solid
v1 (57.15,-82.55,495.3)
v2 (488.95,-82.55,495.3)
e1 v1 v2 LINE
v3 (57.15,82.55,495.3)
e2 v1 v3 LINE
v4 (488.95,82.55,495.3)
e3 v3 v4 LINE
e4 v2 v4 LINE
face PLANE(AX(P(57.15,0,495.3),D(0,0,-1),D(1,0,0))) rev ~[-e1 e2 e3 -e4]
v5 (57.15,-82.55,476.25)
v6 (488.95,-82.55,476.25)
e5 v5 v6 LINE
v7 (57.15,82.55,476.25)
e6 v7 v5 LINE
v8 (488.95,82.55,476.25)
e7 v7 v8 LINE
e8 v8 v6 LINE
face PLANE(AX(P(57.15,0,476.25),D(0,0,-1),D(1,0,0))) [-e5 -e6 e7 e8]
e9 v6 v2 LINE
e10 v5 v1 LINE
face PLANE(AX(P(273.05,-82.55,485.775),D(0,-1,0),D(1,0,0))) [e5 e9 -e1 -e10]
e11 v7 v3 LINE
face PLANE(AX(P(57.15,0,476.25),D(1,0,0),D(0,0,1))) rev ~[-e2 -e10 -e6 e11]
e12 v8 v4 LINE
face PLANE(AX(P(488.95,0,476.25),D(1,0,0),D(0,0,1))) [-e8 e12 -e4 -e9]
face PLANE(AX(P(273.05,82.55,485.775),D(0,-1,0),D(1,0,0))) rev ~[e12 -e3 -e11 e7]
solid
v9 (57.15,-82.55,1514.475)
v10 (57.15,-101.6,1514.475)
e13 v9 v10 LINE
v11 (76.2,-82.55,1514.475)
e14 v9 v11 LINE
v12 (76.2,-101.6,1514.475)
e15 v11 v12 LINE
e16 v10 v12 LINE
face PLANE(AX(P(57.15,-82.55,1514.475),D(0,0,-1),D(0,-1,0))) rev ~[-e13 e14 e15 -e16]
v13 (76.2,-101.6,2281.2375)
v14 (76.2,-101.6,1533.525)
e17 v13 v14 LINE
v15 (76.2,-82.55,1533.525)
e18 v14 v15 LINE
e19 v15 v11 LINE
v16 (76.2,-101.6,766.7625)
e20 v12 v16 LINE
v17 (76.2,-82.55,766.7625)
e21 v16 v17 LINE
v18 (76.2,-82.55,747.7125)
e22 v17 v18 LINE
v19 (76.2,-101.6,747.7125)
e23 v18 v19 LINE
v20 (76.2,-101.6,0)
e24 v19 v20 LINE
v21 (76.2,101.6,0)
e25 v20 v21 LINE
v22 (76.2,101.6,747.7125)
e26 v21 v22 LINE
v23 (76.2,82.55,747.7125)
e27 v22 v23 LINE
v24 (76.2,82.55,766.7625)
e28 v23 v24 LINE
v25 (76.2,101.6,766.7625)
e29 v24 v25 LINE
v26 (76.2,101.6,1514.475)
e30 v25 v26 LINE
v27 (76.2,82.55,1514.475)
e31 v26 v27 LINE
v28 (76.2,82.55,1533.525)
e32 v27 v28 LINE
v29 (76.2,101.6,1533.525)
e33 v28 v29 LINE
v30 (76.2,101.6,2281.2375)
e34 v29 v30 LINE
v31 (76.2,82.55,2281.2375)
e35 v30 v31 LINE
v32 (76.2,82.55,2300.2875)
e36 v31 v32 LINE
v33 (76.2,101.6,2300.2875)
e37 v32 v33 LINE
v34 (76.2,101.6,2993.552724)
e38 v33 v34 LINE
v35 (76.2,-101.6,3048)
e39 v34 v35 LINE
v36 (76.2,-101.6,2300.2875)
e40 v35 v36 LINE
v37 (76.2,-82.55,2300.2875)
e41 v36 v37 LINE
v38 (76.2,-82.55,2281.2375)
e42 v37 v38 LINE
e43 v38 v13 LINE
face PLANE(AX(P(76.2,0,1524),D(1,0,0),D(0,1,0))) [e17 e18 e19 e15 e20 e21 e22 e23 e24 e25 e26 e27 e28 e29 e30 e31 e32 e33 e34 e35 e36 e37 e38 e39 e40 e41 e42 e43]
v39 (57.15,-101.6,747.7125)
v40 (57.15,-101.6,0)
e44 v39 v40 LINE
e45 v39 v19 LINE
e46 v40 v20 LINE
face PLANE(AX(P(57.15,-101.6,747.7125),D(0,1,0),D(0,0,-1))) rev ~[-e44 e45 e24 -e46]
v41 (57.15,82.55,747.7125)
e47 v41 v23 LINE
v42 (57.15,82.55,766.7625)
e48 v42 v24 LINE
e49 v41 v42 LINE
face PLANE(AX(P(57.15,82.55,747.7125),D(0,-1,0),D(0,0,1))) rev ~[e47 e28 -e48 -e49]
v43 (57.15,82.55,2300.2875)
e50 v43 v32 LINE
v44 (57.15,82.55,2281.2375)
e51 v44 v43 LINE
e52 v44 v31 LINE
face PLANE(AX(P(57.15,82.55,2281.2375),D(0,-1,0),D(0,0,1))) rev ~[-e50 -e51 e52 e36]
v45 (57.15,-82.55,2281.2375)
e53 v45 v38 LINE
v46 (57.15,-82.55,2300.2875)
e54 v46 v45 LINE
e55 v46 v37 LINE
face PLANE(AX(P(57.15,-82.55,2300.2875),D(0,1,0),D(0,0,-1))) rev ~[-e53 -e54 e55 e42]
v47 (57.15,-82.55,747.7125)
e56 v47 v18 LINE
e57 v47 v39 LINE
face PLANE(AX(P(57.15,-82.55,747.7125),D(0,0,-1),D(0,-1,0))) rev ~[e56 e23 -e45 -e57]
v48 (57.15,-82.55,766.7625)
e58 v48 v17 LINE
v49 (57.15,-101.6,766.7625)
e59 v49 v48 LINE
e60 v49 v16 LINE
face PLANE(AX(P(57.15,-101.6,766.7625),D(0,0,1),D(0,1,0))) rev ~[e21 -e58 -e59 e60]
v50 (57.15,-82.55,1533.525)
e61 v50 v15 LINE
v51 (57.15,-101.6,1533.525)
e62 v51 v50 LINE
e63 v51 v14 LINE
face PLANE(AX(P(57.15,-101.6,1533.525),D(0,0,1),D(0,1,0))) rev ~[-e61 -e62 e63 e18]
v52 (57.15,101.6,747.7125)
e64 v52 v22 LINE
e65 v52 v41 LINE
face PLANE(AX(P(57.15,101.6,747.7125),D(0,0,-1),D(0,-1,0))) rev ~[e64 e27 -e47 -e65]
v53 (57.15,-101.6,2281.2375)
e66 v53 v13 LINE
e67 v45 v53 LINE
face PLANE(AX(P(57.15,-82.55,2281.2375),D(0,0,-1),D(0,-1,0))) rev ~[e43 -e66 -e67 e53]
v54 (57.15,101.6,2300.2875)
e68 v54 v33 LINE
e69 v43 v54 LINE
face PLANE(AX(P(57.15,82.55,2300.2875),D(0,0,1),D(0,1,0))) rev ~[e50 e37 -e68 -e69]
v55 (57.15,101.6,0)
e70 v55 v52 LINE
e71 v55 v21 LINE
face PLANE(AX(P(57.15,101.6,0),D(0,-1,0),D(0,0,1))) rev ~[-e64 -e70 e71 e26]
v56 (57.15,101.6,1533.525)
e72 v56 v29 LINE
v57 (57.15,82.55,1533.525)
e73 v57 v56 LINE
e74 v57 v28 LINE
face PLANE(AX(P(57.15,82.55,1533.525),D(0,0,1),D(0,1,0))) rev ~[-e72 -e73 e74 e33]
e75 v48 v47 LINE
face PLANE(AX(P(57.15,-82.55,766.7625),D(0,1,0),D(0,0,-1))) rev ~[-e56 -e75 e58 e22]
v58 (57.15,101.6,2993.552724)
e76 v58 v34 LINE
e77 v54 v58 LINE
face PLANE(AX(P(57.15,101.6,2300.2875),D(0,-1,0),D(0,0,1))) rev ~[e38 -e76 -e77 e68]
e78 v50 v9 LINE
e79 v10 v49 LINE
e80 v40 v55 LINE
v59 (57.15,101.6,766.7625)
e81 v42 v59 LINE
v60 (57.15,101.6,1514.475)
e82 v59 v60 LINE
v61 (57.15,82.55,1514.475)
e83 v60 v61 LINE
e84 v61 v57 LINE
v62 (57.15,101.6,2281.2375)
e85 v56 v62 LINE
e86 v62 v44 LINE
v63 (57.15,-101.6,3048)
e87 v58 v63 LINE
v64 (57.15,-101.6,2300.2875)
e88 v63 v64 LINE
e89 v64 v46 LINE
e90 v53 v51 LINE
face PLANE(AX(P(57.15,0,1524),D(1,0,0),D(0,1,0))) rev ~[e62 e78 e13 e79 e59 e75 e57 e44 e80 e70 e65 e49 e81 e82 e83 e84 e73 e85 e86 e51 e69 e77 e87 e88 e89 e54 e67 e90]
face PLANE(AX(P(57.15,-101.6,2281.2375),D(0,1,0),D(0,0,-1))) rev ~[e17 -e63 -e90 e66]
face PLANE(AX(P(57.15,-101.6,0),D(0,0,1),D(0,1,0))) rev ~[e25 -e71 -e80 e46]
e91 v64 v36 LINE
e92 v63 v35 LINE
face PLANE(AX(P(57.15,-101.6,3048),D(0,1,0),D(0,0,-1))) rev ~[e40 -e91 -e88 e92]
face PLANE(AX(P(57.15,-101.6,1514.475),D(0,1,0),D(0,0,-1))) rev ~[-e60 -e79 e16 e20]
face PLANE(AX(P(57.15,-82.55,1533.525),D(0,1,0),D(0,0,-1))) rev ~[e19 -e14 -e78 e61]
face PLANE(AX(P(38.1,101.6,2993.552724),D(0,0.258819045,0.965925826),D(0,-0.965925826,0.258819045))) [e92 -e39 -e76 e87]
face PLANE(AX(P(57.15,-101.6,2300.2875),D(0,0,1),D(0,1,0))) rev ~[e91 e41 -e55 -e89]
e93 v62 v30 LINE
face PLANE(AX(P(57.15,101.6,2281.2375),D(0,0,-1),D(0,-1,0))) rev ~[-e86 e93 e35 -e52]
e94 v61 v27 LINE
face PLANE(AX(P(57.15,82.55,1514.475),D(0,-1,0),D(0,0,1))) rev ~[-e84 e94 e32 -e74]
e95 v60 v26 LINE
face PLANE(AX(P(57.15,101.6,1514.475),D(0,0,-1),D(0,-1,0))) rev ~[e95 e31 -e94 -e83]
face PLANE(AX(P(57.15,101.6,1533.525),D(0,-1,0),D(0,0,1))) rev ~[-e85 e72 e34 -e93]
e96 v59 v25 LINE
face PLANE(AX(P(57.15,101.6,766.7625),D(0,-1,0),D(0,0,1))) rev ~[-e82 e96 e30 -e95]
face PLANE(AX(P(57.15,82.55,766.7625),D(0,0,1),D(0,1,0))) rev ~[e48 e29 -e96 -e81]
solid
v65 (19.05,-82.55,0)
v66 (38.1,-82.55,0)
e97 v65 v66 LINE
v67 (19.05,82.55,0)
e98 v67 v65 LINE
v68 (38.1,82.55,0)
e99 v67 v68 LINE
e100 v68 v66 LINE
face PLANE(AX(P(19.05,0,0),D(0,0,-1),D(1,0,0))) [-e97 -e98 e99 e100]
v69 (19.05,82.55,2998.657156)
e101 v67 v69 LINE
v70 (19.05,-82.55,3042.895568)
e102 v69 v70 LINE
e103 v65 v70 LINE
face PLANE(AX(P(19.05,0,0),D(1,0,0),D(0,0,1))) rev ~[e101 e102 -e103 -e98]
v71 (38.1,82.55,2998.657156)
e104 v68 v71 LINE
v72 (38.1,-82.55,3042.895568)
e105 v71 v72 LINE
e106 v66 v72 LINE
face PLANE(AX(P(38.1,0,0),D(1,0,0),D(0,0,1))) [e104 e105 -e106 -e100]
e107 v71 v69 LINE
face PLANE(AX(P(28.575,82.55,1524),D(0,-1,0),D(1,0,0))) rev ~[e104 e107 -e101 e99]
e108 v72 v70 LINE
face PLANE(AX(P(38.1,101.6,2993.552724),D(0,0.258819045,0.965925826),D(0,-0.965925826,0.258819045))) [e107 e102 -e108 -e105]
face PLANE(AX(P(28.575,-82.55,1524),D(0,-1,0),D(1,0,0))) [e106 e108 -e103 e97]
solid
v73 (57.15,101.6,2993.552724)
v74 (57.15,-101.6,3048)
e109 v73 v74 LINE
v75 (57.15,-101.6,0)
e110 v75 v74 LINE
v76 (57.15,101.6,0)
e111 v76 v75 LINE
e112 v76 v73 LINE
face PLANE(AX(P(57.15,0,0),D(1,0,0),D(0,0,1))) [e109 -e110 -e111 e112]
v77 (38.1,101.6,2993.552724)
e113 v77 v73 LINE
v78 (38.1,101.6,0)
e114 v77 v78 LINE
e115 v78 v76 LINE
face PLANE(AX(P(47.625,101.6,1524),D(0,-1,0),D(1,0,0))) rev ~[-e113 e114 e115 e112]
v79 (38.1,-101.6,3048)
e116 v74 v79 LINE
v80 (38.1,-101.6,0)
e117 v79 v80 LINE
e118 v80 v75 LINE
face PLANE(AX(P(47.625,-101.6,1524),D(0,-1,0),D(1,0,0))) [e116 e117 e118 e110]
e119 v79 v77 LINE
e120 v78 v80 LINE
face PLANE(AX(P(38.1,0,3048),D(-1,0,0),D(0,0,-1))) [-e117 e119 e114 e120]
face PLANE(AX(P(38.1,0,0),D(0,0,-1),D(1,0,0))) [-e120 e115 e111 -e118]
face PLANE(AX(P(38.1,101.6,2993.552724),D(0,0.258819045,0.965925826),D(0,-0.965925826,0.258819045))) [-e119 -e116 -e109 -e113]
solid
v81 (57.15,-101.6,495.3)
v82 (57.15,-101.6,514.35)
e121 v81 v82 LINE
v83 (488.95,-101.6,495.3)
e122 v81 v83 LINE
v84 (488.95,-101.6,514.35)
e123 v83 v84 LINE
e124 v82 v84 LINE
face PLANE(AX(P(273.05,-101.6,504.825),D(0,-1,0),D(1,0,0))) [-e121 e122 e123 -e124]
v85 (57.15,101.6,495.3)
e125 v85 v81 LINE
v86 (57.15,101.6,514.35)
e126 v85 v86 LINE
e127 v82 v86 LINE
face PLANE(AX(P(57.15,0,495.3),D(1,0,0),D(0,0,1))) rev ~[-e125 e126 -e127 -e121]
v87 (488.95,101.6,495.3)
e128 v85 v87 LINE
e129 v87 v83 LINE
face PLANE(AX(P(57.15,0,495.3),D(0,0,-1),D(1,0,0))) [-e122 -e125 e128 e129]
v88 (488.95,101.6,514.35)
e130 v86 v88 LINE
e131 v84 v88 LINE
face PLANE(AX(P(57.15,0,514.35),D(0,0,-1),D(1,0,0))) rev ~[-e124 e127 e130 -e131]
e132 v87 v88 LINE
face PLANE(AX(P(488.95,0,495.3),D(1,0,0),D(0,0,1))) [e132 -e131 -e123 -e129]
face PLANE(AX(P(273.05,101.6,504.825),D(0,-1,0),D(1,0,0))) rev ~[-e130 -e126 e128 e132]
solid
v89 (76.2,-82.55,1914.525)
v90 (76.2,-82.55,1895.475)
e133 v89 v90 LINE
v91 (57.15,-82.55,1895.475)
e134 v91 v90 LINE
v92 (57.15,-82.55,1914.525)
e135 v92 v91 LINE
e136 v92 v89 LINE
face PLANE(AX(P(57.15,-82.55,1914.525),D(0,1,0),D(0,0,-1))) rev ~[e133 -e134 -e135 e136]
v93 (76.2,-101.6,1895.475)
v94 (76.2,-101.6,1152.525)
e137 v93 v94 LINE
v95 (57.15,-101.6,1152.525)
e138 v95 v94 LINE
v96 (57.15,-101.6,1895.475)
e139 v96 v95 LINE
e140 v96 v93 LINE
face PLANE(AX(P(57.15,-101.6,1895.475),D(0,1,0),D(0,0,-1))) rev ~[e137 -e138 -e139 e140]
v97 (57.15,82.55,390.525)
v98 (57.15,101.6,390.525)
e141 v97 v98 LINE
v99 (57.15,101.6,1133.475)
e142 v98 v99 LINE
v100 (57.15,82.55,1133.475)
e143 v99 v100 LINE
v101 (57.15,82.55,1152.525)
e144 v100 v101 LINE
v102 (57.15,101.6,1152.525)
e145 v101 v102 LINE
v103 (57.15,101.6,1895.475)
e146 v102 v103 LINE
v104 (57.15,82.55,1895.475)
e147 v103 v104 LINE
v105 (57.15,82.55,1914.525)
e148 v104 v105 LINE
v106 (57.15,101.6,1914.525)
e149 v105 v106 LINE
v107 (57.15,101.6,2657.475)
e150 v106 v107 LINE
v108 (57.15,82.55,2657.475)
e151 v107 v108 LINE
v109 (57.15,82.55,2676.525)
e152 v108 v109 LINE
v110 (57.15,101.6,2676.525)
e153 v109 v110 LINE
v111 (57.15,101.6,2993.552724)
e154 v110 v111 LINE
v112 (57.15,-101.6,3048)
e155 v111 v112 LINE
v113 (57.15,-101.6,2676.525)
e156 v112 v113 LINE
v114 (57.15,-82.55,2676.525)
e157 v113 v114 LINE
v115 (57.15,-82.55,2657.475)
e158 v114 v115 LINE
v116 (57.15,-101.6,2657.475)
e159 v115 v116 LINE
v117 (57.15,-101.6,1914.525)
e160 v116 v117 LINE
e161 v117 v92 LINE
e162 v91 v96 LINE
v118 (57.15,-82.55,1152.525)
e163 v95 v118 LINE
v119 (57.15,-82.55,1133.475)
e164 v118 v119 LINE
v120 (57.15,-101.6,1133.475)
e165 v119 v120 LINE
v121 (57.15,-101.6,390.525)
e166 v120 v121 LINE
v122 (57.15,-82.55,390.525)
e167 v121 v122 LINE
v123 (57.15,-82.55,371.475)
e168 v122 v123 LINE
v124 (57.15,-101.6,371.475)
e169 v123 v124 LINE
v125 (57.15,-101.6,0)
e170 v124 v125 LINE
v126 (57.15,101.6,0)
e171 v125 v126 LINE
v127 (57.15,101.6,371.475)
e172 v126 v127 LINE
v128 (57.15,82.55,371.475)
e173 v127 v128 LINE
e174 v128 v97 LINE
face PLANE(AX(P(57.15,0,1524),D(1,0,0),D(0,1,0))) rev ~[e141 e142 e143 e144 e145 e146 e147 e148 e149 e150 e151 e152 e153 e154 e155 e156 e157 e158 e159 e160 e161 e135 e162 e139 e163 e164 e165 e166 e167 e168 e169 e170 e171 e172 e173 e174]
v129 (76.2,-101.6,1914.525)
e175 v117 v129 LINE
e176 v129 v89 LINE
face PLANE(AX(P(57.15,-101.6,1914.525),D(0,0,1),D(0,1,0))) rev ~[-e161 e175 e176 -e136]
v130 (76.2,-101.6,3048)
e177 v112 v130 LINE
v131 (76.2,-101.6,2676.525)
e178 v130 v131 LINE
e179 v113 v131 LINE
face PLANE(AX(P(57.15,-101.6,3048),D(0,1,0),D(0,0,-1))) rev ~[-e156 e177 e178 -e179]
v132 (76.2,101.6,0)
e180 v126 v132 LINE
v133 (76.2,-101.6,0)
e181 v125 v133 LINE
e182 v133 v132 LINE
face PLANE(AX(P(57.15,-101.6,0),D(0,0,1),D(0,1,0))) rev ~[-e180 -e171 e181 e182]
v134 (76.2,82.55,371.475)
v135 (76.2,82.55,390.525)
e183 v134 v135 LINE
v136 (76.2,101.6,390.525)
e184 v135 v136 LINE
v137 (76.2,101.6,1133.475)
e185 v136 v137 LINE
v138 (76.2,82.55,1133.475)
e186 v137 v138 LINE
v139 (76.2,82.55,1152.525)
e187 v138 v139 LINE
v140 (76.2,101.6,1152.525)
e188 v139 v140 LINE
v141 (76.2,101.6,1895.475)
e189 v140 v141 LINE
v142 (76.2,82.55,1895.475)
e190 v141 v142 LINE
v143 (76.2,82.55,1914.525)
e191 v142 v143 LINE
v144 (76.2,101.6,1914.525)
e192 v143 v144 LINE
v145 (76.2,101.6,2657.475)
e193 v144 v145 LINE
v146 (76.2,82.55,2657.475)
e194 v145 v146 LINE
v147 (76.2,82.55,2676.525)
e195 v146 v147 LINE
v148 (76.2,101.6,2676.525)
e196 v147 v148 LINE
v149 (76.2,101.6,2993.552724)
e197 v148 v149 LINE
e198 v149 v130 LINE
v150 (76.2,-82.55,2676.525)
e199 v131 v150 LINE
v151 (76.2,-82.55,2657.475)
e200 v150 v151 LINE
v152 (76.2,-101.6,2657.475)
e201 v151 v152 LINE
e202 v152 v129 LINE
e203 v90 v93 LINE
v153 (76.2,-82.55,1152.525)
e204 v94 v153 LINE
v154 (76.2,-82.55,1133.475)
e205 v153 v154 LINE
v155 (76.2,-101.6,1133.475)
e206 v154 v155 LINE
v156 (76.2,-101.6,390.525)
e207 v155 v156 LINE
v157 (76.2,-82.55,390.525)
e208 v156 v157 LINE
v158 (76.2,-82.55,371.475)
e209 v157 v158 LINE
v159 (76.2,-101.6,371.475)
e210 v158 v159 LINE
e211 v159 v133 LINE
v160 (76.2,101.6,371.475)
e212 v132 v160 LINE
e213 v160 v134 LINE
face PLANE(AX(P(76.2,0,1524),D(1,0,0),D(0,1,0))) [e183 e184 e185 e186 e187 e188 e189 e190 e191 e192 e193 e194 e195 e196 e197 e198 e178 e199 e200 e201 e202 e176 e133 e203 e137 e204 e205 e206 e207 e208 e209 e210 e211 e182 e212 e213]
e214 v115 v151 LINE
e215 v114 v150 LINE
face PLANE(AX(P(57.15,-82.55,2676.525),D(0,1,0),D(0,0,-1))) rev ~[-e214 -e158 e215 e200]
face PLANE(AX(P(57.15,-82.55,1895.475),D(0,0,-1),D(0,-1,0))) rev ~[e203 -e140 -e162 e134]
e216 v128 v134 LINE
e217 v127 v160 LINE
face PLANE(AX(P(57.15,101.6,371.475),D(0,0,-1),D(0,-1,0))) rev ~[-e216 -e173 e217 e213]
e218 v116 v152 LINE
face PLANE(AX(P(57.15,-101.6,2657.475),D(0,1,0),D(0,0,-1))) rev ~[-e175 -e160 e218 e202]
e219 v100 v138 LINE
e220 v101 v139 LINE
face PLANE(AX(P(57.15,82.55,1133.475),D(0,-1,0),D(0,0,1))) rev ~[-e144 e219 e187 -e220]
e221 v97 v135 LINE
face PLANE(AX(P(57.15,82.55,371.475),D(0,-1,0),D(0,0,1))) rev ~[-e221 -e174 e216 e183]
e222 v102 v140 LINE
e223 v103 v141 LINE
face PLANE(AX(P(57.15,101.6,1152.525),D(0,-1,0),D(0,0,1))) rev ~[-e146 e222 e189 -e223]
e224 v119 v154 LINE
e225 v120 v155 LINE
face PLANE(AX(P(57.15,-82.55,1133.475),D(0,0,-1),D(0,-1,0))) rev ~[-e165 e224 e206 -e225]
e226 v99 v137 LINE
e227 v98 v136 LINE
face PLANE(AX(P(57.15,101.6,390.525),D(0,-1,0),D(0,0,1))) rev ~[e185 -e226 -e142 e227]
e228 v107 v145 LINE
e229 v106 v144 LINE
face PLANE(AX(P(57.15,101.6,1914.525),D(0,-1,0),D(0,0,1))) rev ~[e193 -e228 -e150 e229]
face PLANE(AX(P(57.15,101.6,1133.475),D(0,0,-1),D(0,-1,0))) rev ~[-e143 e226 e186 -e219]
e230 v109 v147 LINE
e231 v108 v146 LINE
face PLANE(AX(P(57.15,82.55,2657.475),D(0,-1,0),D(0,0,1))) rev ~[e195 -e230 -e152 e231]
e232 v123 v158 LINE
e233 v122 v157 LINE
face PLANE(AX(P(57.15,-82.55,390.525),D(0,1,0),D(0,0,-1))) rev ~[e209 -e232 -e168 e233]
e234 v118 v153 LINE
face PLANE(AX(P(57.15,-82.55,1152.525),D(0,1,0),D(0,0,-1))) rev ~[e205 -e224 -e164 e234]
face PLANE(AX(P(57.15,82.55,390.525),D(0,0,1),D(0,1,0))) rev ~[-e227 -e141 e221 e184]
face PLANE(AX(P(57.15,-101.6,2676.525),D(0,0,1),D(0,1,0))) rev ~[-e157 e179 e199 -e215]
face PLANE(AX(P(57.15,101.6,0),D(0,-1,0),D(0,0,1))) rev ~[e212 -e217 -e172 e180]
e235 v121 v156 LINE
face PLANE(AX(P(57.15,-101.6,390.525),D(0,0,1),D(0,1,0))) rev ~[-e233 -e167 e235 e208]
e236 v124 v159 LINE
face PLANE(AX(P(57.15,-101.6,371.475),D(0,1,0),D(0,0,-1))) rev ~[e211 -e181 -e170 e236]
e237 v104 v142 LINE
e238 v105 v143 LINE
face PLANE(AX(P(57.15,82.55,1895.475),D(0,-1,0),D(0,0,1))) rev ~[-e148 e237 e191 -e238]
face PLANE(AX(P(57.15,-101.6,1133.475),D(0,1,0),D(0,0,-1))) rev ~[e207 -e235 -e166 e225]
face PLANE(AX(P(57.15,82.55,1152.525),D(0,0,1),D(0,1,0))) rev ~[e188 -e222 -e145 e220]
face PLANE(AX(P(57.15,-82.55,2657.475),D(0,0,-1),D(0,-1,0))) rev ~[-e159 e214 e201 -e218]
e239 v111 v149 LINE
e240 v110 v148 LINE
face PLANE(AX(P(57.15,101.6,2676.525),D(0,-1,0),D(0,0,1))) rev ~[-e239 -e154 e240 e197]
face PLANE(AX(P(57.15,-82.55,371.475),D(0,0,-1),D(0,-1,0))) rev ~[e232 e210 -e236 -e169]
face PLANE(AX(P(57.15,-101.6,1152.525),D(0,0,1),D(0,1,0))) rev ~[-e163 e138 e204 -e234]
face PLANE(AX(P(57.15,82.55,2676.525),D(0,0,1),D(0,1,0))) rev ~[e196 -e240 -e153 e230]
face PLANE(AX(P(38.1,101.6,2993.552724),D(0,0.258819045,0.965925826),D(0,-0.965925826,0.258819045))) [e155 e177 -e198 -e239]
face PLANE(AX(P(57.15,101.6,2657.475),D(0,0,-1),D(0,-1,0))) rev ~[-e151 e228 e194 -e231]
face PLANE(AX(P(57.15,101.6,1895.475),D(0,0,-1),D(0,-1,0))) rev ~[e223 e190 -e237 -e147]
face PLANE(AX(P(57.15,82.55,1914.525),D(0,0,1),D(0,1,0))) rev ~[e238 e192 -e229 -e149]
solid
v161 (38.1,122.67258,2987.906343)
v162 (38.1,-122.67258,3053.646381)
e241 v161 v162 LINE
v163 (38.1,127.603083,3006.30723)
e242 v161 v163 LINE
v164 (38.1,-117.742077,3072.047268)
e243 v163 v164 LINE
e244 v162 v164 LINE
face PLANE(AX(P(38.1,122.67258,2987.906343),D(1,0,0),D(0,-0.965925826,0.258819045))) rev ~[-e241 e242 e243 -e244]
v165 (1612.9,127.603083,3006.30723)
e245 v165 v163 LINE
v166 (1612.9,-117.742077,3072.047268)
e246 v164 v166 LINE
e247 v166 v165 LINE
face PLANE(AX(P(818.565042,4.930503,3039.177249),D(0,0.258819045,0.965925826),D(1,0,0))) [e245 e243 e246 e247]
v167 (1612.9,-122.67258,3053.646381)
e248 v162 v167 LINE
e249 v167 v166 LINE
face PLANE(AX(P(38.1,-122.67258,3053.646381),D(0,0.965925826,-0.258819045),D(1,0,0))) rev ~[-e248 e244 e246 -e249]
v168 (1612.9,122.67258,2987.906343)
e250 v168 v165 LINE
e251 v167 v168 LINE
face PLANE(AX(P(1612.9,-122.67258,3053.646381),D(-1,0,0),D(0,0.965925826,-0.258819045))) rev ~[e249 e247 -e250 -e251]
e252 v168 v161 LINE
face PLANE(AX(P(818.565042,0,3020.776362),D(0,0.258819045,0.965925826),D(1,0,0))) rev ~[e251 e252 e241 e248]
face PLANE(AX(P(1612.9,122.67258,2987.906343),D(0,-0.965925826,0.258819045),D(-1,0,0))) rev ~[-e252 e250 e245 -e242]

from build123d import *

# Parameters (mm, degrees)
F1_W           = 431.8
F1_H           = 19.05
F2_DEPTH       = 101.6
F1_W_2         = 19.05
F1_H_2         = 3048
F3_DEPTH       = 82.55
F4_DEPTH       = 101.6
F6_DEPTH       = 19.05
F8_DEPTH       = 19.05
F10_DEPTH      = 450.851
F10_DEPTH_BACK = 19.051
F12_DEPTH      = 19.05


with BuildPart() as f2:
    # F1 (on Front) → F2 (new body, symmetric)
    with BuildSketch(Plane.XZ):
        with Locations((273.05, 504.825)):
            Rectangle(F1_W, F1_H)
    extrude(amount=F2_DEPTH, both=True)


with BuildPart() as f3:
    # F1 (on Front) → F3 (new body, symmetric)
    with BuildSketch(Plane.XZ):
        with Locations((28.575, 1524)):
            Rectangle(F1_W_2, F1_H_2)
    extrude(amount=F3_DEPTH, both=True)


with BuildPart() as f3b:
    # F1 (on Front) → F3, piece 2 (new body, symmetric)
    with BuildSketch(Plane.XZ):
        with Locations((273.05, 485.775)):
            Rectangle(F1_W, F1_H)
    extrude(amount=F3_DEPTH, both=True)


with BuildPart() as f4:
    # F1 (on Front) → F4 (new body, symmetric)
    with BuildSketch(Plane.XZ):
        Polygon((38.1, 3048), (38.1, 0), (57.15, 0), (57.15, 457.2), (57.15, 476.25), (57.15, 495.3), (57.15, 514.35), (57.15, 3048), align=None)
    extrude(amount=F4_DEPTH, both=True)


with BuildPart() as f6:
    # F5 (on face) → F6 (new body)
    with BuildSketch(Plane.YZ.offset(57.15)):
        Polygon((-82.55, 371.475), (-101.6, 371.475), (-101.6, 0), (101.6, 0), (101.6, 371.475), (82.55, 371.475), (82.55, 390.525), (101.6, 390.525), (101.6, 1133.475), (82.55, 1133.475), (82.55, 1152.525), (101.6, 1152.525), (101.6, 1895.475), (82.55, 1895.475), (82.55, 1914.525), (101.6, 1914.525), (101.6, 2657.475), (82.55, 2657.475), (82.55, 2676.525), (101.6, 2676.525), (101.6, 3048), (-101.6, 3048), (-101.6, 2676.525), (-82.55, 2676.525), (-82.55, 2657.475), (-101.6, 2657.475), (-101.6, 1914.525), (-82.55, 1914.525), (-82.55, 1895.475), (-101.6, 1895.475), (-101.6, 1152.525), (-82.55, 1152.525), (-82.55, 1133.475), (-101.6, 1133.475), (-101.6, 390.525), (-82.55, 390.525), align=None)
    extrude(amount=F6_DEPTH)


with BuildPart() as f8:
    # F7 (on face) → F8 (new body)
    with BuildSketch(Plane.YZ.offset(57.15)):
        Polygon((-101.6, 747.7125), (-101.6, 0), (-82.55, 0), (82.55, 0), (101.6, 0), (101.6, 747.7125), (82.55, 747.7125), (82.55, 766.7625), (101.6, 766.7625), (101.6, 1514.475), (82.55, 1514.475), (82.55, 1533.525), (101.6, 1533.525), (101.6, 2281.2375), (82.55, 2281.2375), (82.55, 2300.2875), (101.6, 2300.2875), (101.6, 3048), (82.55, 3048), (-82.55, 3048), (-101.6, 3048), (-101.6, 2300.2875), (-82.55, 2300.2875), (-82.55, 2281.2375), (-101.6, 2281.2375), (-101.6, 1533.525), (-82.55, 1533.525), (-82.55, 1514.475), (-101.6, 1514.475), (-101.6, 766.7625), (-82.55, 766.7625), (-82.55, 747.7125), align=None)
    extrude(amount=F8_DEPTH)


with BuildPart() as f10_tool:
    # F9 (on face) → F10 (new body, two sides)
    with BuildSketch(Plane(origin=(38.1, 0, 0), x_dir=(0, -1, 0), z_dir=(-1, 0, 0))) as f10_sk:
        Polygon((-101.6, 2993.552724098), (101.6, 3048), (-101.6, 3048), align=None)
    extrude(amount=-F10_DEPTH)
    extrude(f10_sk.sketch, amount=F10_DEPTH_BACK)


with BuildPart() as f3_1:
    add(f3.part)

    # F10: cut by f10_tool
    add(f10_tool.part, mode=Mode.SUBTRACT)


with BuildPart() as f4_1:
    add(f4.part)

    # F10: cut by f10_tool
    add(f10_tool.part, mode=Mode.SUBTRACT)


with BuildPart() as f6_1:
    add(f6.part)

    # F10: cut by f10_tool
    add(f10_tool.part, mode=Mode.SUBTRACT)


with BuildPart() as f8_1:
    add(f8.part)

    # F10: cut by f10_tool
    add(f10_tool.part, mode=Mode.SUBTRACT)


with BuildPart() as f12:
    # F11 (on face) → F12 (new body)
    with BuildSketch(Plane(origin=(0, 755.1940905122, 2818.4227153675), x_dir=(1, 0, 0), z_dir=(0, 0.2588190451, 0.9659258263))):
        Polygon((38.1, -887.0185134235), (38.1, -908.8344534938), (1612.9, -908.8344534938), (1612.9, -654.8344534938), (38.1, -654.8344534938), (38.1, -676.6503935641), (57.15, -676.6503935641), (57.15, -887.0185134235), align=None)
        Polygon((38.1, -867.2965021866), (38.1, -887.0185134235), (57.15, -887.0185134235), (57.15, -676.6503935641), (38.1, -676.6503935641), (38.1, -696.3724048009), align=None)
    extrude(amount=F12_DEPTH)


solid = Compound([f2.part, f3b.part, f3_1.part, f4_1.part, f6_1.part, f8_1.part, f12.part])
